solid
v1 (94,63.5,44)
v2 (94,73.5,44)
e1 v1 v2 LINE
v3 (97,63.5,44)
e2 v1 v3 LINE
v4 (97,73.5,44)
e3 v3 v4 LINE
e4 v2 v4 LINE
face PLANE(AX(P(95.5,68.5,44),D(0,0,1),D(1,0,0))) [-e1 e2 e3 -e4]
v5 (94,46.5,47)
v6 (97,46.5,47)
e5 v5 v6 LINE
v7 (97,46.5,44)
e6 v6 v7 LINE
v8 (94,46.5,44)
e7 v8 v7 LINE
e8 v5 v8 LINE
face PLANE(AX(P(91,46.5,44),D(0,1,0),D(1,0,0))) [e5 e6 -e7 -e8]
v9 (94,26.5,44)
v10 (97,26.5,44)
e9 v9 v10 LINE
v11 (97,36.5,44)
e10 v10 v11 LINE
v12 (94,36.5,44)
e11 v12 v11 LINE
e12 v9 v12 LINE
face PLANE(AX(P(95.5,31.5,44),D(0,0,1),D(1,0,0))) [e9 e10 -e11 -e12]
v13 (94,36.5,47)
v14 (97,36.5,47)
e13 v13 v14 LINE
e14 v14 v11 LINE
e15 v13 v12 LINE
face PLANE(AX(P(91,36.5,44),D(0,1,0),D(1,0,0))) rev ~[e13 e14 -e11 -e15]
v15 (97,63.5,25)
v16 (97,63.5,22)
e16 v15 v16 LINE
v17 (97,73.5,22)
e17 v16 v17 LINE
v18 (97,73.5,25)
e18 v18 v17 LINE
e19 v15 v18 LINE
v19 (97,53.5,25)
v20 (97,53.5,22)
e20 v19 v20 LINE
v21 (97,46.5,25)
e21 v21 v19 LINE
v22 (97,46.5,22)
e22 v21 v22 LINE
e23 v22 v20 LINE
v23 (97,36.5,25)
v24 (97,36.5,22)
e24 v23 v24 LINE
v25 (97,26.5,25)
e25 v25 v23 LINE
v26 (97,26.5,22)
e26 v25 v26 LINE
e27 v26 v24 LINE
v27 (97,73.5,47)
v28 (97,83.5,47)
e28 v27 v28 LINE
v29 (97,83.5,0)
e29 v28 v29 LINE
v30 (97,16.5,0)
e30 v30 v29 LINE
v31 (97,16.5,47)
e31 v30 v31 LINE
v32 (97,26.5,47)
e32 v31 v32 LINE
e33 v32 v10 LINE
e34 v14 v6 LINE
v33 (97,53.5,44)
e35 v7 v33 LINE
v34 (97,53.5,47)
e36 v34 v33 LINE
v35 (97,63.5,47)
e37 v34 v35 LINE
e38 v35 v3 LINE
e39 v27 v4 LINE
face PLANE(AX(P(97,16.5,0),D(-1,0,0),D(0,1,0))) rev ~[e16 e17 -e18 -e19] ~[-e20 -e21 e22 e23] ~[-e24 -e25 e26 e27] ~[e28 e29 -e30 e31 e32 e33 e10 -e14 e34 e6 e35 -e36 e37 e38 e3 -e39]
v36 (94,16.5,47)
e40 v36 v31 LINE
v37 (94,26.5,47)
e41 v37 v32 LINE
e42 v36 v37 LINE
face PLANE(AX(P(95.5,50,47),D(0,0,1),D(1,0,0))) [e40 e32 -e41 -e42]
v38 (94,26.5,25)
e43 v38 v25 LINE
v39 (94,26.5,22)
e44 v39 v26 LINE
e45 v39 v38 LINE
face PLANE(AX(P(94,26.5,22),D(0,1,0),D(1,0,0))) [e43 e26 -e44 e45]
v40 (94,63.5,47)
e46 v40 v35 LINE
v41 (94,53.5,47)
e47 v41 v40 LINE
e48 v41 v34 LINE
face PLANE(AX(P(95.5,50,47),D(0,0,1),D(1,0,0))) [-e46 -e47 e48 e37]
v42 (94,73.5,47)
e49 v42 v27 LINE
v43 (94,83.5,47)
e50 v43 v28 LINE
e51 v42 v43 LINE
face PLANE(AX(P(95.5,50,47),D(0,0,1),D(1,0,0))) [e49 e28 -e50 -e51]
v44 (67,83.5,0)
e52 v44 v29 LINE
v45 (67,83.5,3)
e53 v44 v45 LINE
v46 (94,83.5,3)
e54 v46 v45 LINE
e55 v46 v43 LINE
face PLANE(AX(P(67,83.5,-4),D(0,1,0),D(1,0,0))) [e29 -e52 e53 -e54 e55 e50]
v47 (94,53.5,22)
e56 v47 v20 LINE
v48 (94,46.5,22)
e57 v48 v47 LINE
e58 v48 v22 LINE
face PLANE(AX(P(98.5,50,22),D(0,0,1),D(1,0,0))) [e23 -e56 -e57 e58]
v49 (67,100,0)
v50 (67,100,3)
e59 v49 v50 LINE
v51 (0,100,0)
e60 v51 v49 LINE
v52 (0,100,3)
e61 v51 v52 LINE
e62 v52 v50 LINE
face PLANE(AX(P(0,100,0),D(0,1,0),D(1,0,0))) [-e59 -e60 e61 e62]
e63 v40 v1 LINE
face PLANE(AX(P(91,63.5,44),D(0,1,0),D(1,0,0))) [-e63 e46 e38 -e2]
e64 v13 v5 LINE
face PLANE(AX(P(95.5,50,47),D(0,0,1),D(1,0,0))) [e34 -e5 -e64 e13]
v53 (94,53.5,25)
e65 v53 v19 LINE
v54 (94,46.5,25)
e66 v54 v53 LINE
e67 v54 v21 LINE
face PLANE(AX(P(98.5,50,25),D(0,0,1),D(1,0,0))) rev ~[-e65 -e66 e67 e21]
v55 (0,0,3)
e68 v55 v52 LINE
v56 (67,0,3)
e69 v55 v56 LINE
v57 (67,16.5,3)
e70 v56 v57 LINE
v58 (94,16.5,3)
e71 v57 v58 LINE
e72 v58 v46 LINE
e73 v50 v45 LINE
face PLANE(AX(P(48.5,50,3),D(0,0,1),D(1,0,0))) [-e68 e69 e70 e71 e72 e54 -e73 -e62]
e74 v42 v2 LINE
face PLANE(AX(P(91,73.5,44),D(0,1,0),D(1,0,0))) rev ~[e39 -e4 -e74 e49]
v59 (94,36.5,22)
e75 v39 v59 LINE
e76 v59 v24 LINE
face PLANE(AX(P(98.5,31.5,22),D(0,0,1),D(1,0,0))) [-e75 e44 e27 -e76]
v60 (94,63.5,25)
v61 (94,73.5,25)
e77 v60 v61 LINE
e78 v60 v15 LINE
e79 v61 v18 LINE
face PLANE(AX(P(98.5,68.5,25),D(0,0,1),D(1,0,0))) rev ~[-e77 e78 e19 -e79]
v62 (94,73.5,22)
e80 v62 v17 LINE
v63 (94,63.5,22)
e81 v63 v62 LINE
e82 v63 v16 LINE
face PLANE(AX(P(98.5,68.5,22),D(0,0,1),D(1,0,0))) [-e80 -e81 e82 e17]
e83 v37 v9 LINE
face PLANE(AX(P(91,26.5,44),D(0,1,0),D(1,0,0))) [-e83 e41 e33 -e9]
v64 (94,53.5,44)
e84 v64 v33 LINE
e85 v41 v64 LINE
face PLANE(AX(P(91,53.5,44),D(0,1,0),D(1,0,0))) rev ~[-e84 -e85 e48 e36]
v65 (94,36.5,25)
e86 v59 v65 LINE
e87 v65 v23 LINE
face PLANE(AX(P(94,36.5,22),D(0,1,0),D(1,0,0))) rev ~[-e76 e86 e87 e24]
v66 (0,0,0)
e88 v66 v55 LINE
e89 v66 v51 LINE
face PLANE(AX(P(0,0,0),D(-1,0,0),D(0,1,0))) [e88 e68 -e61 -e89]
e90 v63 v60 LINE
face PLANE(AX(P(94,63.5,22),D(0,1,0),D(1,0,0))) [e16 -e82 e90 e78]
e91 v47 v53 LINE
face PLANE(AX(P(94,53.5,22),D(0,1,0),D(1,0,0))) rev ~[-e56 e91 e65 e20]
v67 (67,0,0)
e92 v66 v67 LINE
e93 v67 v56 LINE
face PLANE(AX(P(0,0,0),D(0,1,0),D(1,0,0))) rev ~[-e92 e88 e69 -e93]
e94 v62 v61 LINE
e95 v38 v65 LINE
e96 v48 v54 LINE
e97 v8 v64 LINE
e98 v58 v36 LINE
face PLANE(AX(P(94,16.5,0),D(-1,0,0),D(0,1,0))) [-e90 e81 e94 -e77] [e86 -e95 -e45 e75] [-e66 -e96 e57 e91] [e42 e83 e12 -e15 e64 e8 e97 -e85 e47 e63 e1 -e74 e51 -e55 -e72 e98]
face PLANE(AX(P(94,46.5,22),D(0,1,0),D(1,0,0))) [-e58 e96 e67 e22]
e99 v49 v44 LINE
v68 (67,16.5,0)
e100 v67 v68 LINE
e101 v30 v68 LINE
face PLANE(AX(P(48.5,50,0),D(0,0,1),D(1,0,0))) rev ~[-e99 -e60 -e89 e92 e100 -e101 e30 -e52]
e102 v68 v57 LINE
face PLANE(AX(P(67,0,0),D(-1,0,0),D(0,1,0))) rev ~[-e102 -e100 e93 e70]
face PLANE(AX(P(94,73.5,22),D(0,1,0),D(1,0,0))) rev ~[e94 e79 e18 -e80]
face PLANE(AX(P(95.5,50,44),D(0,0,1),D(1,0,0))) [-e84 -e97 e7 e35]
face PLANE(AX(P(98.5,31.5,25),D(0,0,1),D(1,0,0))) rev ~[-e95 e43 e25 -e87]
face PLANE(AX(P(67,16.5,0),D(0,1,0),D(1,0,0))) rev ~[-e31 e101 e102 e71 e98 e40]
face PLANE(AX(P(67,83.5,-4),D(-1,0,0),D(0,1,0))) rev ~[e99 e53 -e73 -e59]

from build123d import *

# Parameters (mm, degrees)
BOX002_W     = 30
BOX002_H     = 16.5
BOX002_DEPTH = 11
BOX001_W     = 30
BOX001_H     = 16.5
BOX001_DEPTH = 3
BOX_W        = 97
BOX_H        = 100
BOX_DEPTH    = 3
BOX028_W     = 9
BOX028_H     = 10
BOX028_DEPTH = 3
BOX027_W     = 9
BOX027_H     = 7
BOX027_DEPTH = 3
BOX026_W     = 9
BOX026_H     = 10
BOX026_DEPTH = 3
BOX008_W     = 9
BOX008_H     = 10
BOX008_DEPTH = 3
BOX010_W     = 9
BOX010_H     = 7
BOX010_DEPTH = 3
BOX005_W     = 9
BOX005_H     = 10
BOX005_DEPTH = 3
BOX003_W     = 3
BOX003_H     = 67
BOX003_DEPTH = 47


with BuildPart() as agujeros_ruedas001:
    # Box002 → Box002 (new body)
    with BuildSketch(Plane(origin=(67, 83.5, -4), x_dir=(1, 0, 0), z_dir=(0, 0, 1))):
        with Locations((15, 8.25)):
            Rectangle(BOX002_W, BOX002_H)
    extrude(amount=BOX002_DEPTH)


with BuildPart() as agujeros_ruedas:
    # Box001 → Box001 (new body)
    with BuildSketch(Plane(origin=(67, 0, 0), x_dir=(1, 0, 0), z_dir=(0, 0, 1))):
        with Locations((15, 8.25)):
            Rectangle(BOX001_W, BOX001_H)
    extrude(amount=BOX001_DEPTH)


with BuildPart() as base_con_agujeros_rueda:
    # Box → Box (new body)
    with BuildSketch(Plane.XY):
        with Locations((48.5, 50)):
            Rectangle(BOX_W, BOX_H)
    extrude(amount=BOX_DEPTH)

    # Cut: cut agujeros ruedas
    add(agujeros_ruedas.part, mode=Mode.SUBTRACT)

    # Cut001: cut agujeros ruedas001
    add(agujeros_ruedas001.part, mode=Mode.SUBTRACT)


with BuildPart() as box028:
    # Box028 → Box028 (new body)
    with BuildSketch(Plane(origin=(94, 63.5, 22), x_dir=(1, 0, 0), z_dir=(0, 0, 1))):
        with Locations((4.5, 5)):
            Rectangle(BOX028_W, BOX028_H)
    extrude(amount=BOX028_DEPTH)


with BuildPart() as centro002:
    # Box027 → Box027 (new body)
    with BuildSketch(Plane(origin=(94, 46.5, 22), x_dir=(1, 0, 0), z_dir=(0, 0, 1))):
        with Locations((4.5, 3.5)):
            Rectangle(BOX027_W, BOX027_H)
    extrude(amount=BOX027_DEPTH)


with BuildPart() as box026:
    # Box026 → Box026 (new body)
    with BuildSketch(Plane(origin=(94, 26.5, 22), x_dir=(1, 0, 0), z_dir=(0, 0, 1))):
        with Locations((4.5, 5)):
            Rectangle(BOX026_W, BOX026_H)
    extrude(amount=BOX026_DEPTH)


with BuildPart() as box008:
    # Box008 → Box008 (new body)
    with BuildSketch(Plane(origin=(91, 63.5, 44), x_dir=(1, 0, 0), z_dir=(0, 0, 1))):
        with Locations((4.5, 5)):
            Rectangle(BOX008_W, BOX008_H)
    extrude(amount=BOX008_DEPTH)


with BuildPart() as centro:
    # Box010 → Box010 (new body)
    with BuildSketch(Plane(origin=(91, 46.5, 44), x_dir=(1, 0, 0), z_dir=(0, 0, 1))):
        with Locations((4.5, 3.5)):
            Rectangle(BOX010_W, BOX010_H)
    extrude(amount=BOX010_DEPTH)


with BuildPart() as box005:
    # Box005 → Box005 (new body)
    with BuildSketch(Plane(origin=(91, 26.5, 44), x_dir=(1, 0, 0), z_dir=(0, 0, 1))):
        with Locations((4.5, 5)):
            Rectangle(BOX005_W, BOX005_H)
    extrude(amount=BOX005_DEPTH)


with BuildPart() as base_mas_tapa_atras_acabado:
    # Box003 → Box003 (new body)
    with BuildSketch(Plane(origin=(94, 16.5, 0), x_dir=(1, 0, 0), z_dir=(0, 0, 1))):
        with Locations((1.5, 33.5)):
            Rectangle(BOX003_W, BOX003_H)
    extrude(amount=BOX003_DEPTH)

    # Cut002: cut Box005
    add(box005.part, mode=Mode.SUBTRACT)

    # Cut003: cut centro
    add(centro.part, mode=Mode.SUBTRACT)

    # Cut004: cut Box008
    add(box008.part, mode=Mode.SUBTRACT)

    # Cut015: cut Box026
    add(box026.part, mode=Mode.SUBTRACT)

    # Cut016: cut centro002
    add(centro002.part, mode=Mode.SUBTRACT)

    # Cut017: cut Box028
    add(box028.part, mode=Mode.SUBTRACT)

    # Fusion004: union base con agujeros rueda
    add(base_con_agujeros_rueda.part)


solid = base_mas_tapa_atras_acabado.part
